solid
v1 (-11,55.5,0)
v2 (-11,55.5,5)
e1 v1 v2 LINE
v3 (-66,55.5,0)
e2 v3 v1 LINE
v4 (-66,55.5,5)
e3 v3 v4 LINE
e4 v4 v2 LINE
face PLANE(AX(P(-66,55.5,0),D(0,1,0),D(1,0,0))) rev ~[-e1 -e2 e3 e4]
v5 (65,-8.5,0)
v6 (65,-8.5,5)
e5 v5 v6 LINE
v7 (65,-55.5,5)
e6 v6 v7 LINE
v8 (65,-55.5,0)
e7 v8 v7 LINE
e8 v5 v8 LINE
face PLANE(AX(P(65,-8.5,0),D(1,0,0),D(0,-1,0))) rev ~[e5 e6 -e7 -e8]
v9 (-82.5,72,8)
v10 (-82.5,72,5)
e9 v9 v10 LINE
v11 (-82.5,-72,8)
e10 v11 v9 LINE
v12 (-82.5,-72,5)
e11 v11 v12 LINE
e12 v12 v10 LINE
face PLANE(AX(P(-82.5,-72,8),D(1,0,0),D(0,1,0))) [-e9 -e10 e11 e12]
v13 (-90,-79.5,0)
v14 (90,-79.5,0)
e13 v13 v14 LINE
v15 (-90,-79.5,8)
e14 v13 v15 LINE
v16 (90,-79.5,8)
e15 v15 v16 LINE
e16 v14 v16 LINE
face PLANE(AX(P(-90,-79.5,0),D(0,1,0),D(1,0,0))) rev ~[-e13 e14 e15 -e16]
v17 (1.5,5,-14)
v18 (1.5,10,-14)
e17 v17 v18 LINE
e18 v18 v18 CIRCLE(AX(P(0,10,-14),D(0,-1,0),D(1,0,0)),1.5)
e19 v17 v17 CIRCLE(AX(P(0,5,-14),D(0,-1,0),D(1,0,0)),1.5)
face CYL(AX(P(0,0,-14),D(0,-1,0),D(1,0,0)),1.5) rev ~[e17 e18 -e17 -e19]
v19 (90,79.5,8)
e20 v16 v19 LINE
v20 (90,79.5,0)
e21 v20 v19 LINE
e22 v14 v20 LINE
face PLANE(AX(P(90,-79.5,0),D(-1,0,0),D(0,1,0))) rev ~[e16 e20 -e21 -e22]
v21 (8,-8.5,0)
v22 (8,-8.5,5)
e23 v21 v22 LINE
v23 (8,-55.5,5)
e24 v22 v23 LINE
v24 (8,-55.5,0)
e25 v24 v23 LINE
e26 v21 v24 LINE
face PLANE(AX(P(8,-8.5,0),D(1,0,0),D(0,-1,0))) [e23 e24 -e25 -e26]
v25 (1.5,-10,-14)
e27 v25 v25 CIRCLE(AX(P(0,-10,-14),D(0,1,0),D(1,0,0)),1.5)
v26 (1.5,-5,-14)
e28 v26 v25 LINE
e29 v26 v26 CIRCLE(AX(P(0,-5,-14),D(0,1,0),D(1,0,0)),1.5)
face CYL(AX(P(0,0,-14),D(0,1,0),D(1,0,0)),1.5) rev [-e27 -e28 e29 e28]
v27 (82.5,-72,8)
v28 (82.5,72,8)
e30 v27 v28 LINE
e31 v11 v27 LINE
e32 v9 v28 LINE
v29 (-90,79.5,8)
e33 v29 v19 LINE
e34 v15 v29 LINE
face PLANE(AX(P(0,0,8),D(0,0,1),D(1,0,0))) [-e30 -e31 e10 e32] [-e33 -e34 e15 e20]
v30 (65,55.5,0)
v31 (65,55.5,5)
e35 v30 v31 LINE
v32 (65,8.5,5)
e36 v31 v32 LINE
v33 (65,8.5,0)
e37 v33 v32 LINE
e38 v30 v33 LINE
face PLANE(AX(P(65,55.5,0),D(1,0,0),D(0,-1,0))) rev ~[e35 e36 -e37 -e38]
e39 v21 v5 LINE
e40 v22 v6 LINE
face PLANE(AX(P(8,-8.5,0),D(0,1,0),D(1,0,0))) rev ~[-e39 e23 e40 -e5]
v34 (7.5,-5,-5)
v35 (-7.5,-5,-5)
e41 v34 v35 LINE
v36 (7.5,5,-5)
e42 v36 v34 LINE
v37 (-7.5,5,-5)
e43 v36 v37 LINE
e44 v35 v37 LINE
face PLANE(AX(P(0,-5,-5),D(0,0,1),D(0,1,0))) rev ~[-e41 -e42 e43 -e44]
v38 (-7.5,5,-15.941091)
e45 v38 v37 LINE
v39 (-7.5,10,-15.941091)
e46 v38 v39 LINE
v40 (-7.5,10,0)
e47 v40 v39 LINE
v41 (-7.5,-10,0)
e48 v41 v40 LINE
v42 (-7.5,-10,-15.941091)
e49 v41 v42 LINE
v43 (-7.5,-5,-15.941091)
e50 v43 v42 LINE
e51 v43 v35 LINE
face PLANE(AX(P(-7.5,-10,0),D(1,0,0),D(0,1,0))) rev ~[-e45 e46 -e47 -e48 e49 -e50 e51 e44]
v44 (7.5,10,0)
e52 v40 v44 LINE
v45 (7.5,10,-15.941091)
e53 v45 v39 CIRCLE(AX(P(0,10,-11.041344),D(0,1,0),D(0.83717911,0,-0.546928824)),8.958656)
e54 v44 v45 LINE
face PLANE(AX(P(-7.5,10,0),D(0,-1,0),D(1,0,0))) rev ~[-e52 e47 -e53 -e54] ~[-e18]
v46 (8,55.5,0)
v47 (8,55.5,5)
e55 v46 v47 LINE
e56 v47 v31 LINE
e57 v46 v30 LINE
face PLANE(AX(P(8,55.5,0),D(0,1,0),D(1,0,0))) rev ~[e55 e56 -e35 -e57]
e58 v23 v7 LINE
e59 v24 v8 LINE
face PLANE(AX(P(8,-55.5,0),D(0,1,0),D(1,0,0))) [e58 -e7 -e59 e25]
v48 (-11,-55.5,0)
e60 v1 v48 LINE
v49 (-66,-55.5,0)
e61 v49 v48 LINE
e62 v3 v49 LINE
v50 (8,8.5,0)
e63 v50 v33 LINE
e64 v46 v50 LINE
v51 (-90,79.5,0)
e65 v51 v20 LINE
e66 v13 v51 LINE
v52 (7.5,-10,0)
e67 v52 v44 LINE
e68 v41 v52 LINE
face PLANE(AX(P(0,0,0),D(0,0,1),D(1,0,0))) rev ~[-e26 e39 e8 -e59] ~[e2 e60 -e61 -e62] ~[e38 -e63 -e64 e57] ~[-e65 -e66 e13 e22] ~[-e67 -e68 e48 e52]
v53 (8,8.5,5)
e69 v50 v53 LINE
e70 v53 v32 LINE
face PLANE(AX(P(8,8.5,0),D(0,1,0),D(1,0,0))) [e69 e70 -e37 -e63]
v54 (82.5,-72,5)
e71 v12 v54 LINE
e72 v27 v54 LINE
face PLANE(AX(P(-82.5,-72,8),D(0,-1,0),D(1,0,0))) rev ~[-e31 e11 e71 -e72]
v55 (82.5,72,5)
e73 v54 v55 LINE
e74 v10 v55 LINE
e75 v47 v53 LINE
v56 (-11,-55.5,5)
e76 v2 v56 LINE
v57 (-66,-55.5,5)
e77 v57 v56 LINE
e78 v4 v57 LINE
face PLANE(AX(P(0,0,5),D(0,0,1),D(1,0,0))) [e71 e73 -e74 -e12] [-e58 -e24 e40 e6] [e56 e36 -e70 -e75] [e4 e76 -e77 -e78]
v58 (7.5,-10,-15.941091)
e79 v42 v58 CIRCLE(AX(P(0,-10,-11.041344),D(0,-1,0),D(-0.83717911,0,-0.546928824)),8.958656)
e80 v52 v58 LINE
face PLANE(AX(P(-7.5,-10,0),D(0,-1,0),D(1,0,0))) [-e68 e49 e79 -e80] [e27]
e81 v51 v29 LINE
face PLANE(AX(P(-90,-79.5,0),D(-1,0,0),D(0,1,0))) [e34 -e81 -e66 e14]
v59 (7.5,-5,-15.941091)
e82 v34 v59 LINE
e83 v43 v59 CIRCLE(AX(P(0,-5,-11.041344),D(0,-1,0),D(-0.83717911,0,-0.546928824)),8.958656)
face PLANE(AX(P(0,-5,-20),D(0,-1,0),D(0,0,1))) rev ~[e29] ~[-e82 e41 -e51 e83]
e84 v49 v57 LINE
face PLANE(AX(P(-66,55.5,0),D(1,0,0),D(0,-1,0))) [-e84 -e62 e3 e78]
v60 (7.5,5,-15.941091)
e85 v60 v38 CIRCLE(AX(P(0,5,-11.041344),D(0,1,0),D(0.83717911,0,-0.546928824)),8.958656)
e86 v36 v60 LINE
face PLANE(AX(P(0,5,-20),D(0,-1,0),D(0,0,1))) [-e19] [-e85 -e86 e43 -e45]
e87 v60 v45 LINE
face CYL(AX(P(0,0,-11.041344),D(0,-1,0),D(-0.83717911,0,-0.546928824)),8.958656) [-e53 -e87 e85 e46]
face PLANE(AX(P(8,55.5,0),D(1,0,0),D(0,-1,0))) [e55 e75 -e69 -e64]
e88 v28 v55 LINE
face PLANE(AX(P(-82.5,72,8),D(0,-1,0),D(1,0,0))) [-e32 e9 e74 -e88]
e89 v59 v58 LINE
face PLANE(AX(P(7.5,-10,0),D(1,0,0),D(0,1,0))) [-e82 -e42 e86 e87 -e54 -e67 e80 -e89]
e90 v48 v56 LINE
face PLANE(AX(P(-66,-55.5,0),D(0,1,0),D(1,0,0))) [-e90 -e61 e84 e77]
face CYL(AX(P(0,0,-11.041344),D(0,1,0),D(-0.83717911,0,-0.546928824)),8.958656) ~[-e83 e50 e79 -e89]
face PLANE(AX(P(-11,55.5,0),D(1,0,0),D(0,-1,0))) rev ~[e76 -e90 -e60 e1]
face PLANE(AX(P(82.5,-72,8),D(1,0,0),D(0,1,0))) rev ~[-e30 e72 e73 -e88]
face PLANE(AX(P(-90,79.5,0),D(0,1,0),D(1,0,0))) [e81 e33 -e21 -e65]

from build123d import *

# Parameters (mm, degrees)
SKETCH001_W          = 180
SKETCH001_H          = 159
PAD001_DEPTH         = 8
SKETCH002_W          = 55
SKETCH002_H          = 111
SKETCH002_W_2        = 57
SKETCH002_H_2        = 47
POCKET_DEPTH         = 8.001
SKETCH013_W          = 15
SKETCH013_H          = 20
PAD006_DEPTH         = 20
SKETCH014_W          = 10
SKETCH014_H          = 15
POCKET001_DEPTH      = 90.001
POCKET001_DEPTH_BACK = 90.001
SKETCH015_R          = 1.5
POCKET002_DEPTH      = 79.501
POCKET002_DEPTH_BACK = 79.501
SKETCH016_W          = 165
SKETCH016_H          = 144
POCKET003_DEPTH      = 3


with BuildPart() as part:
    # Sketch001 → Pad001 (new body)
    with BuildSketch(Plane.XY):
        Rectangle(SKETCH001_W, SKETCH001_H)
    extrude(amount=PAD001_DEPTH)

    # Sketch002 → Pocket (cut, through all)
    with BuildSketch(Plane(origin=(0, 0, 0), x_dir=(1, 0, 0), z_dir=(0, 0, -1))):
        with Locations((-38.5, 0)):
            Rectangle(SKETCH002_W, SKETCH002_H)
        with Locations((36.5, 32)):
            Rectangle(SKETCH002_W_2, SKETCH002_H_2)
        with Locations((36.5, -32)):
            Rectangle(SKETCH002_W_2, SKETCH002_H_2)
    extrude(amount=-POCKET_DEPTH, mode=Mode.SUBTRACT)

    # Sketch013 (on DatumPlane) → Pad006 (join)
    with BuildSketch(Plane.XY):
        Rectangle(SKETCH013_W, SKETCH013_H)
    extrude(amount=-PAD006_DEPTH)

    # Sketch014 (on Plane of DatumPlane002) → Pocket001 (cut, two sides)
    with BuildSketch(Plane.YZ) as pocket001_sk:
        with Locations((0, -12.5)):
            Rectangle(SKETCH014_W, SKETCH014_H)
    extrude(amount=-POCKET001_DEPTH, mode=Mode.SUBTRACT)
    extrude(pocket001_sk.sketch, amount=POCKET001_DEPTH_BACK, mode=Mode.SUBTRACT)

    # Sketch015 (on DatumPlane) → Pocket002 (cut, two sides)
    with BuildSketch(Plane.XZ) as pocket002_sk:
        with Locations((0, -14)):
            Circle(SKETCH015_R)
        with BuildLine():
            ThreePointArc((-7.5, -15.941091), (0, -20), (7.5, -15.941091))
            Line((7.5, -15.941091), (9.5, -15.941091))
            Line((9.5, -15.941091), (9.5, -32.907985))
            Line((9.5, -32.907985), (-9.5, -32.907985))
            Line((-9.5, -32.907985), (-9.5, -15.941091))
            Line((-9.5, -15.941091), (-7.5, -15.941091))
        make_face()
    extrude(amount=-POCKET002_DEPTH, mode=Mode.SUBTRACT)
    extrude(pocket002_sk.sketch, amount=POCKET002_DEPTH_BACK, mode=Mode.SUBTRACT)

    # Sketch016 (on DatumPlane) → Pocket003 (cut)
    with BuildSketch(Plane.XY.offset(8)):
        Rectangle(SKETCH016_W, SKETCH016_H)
    extrude(amount=-POCKET003_DEPTH, mode=Mode.SUBTRACT)


solid = part.part
